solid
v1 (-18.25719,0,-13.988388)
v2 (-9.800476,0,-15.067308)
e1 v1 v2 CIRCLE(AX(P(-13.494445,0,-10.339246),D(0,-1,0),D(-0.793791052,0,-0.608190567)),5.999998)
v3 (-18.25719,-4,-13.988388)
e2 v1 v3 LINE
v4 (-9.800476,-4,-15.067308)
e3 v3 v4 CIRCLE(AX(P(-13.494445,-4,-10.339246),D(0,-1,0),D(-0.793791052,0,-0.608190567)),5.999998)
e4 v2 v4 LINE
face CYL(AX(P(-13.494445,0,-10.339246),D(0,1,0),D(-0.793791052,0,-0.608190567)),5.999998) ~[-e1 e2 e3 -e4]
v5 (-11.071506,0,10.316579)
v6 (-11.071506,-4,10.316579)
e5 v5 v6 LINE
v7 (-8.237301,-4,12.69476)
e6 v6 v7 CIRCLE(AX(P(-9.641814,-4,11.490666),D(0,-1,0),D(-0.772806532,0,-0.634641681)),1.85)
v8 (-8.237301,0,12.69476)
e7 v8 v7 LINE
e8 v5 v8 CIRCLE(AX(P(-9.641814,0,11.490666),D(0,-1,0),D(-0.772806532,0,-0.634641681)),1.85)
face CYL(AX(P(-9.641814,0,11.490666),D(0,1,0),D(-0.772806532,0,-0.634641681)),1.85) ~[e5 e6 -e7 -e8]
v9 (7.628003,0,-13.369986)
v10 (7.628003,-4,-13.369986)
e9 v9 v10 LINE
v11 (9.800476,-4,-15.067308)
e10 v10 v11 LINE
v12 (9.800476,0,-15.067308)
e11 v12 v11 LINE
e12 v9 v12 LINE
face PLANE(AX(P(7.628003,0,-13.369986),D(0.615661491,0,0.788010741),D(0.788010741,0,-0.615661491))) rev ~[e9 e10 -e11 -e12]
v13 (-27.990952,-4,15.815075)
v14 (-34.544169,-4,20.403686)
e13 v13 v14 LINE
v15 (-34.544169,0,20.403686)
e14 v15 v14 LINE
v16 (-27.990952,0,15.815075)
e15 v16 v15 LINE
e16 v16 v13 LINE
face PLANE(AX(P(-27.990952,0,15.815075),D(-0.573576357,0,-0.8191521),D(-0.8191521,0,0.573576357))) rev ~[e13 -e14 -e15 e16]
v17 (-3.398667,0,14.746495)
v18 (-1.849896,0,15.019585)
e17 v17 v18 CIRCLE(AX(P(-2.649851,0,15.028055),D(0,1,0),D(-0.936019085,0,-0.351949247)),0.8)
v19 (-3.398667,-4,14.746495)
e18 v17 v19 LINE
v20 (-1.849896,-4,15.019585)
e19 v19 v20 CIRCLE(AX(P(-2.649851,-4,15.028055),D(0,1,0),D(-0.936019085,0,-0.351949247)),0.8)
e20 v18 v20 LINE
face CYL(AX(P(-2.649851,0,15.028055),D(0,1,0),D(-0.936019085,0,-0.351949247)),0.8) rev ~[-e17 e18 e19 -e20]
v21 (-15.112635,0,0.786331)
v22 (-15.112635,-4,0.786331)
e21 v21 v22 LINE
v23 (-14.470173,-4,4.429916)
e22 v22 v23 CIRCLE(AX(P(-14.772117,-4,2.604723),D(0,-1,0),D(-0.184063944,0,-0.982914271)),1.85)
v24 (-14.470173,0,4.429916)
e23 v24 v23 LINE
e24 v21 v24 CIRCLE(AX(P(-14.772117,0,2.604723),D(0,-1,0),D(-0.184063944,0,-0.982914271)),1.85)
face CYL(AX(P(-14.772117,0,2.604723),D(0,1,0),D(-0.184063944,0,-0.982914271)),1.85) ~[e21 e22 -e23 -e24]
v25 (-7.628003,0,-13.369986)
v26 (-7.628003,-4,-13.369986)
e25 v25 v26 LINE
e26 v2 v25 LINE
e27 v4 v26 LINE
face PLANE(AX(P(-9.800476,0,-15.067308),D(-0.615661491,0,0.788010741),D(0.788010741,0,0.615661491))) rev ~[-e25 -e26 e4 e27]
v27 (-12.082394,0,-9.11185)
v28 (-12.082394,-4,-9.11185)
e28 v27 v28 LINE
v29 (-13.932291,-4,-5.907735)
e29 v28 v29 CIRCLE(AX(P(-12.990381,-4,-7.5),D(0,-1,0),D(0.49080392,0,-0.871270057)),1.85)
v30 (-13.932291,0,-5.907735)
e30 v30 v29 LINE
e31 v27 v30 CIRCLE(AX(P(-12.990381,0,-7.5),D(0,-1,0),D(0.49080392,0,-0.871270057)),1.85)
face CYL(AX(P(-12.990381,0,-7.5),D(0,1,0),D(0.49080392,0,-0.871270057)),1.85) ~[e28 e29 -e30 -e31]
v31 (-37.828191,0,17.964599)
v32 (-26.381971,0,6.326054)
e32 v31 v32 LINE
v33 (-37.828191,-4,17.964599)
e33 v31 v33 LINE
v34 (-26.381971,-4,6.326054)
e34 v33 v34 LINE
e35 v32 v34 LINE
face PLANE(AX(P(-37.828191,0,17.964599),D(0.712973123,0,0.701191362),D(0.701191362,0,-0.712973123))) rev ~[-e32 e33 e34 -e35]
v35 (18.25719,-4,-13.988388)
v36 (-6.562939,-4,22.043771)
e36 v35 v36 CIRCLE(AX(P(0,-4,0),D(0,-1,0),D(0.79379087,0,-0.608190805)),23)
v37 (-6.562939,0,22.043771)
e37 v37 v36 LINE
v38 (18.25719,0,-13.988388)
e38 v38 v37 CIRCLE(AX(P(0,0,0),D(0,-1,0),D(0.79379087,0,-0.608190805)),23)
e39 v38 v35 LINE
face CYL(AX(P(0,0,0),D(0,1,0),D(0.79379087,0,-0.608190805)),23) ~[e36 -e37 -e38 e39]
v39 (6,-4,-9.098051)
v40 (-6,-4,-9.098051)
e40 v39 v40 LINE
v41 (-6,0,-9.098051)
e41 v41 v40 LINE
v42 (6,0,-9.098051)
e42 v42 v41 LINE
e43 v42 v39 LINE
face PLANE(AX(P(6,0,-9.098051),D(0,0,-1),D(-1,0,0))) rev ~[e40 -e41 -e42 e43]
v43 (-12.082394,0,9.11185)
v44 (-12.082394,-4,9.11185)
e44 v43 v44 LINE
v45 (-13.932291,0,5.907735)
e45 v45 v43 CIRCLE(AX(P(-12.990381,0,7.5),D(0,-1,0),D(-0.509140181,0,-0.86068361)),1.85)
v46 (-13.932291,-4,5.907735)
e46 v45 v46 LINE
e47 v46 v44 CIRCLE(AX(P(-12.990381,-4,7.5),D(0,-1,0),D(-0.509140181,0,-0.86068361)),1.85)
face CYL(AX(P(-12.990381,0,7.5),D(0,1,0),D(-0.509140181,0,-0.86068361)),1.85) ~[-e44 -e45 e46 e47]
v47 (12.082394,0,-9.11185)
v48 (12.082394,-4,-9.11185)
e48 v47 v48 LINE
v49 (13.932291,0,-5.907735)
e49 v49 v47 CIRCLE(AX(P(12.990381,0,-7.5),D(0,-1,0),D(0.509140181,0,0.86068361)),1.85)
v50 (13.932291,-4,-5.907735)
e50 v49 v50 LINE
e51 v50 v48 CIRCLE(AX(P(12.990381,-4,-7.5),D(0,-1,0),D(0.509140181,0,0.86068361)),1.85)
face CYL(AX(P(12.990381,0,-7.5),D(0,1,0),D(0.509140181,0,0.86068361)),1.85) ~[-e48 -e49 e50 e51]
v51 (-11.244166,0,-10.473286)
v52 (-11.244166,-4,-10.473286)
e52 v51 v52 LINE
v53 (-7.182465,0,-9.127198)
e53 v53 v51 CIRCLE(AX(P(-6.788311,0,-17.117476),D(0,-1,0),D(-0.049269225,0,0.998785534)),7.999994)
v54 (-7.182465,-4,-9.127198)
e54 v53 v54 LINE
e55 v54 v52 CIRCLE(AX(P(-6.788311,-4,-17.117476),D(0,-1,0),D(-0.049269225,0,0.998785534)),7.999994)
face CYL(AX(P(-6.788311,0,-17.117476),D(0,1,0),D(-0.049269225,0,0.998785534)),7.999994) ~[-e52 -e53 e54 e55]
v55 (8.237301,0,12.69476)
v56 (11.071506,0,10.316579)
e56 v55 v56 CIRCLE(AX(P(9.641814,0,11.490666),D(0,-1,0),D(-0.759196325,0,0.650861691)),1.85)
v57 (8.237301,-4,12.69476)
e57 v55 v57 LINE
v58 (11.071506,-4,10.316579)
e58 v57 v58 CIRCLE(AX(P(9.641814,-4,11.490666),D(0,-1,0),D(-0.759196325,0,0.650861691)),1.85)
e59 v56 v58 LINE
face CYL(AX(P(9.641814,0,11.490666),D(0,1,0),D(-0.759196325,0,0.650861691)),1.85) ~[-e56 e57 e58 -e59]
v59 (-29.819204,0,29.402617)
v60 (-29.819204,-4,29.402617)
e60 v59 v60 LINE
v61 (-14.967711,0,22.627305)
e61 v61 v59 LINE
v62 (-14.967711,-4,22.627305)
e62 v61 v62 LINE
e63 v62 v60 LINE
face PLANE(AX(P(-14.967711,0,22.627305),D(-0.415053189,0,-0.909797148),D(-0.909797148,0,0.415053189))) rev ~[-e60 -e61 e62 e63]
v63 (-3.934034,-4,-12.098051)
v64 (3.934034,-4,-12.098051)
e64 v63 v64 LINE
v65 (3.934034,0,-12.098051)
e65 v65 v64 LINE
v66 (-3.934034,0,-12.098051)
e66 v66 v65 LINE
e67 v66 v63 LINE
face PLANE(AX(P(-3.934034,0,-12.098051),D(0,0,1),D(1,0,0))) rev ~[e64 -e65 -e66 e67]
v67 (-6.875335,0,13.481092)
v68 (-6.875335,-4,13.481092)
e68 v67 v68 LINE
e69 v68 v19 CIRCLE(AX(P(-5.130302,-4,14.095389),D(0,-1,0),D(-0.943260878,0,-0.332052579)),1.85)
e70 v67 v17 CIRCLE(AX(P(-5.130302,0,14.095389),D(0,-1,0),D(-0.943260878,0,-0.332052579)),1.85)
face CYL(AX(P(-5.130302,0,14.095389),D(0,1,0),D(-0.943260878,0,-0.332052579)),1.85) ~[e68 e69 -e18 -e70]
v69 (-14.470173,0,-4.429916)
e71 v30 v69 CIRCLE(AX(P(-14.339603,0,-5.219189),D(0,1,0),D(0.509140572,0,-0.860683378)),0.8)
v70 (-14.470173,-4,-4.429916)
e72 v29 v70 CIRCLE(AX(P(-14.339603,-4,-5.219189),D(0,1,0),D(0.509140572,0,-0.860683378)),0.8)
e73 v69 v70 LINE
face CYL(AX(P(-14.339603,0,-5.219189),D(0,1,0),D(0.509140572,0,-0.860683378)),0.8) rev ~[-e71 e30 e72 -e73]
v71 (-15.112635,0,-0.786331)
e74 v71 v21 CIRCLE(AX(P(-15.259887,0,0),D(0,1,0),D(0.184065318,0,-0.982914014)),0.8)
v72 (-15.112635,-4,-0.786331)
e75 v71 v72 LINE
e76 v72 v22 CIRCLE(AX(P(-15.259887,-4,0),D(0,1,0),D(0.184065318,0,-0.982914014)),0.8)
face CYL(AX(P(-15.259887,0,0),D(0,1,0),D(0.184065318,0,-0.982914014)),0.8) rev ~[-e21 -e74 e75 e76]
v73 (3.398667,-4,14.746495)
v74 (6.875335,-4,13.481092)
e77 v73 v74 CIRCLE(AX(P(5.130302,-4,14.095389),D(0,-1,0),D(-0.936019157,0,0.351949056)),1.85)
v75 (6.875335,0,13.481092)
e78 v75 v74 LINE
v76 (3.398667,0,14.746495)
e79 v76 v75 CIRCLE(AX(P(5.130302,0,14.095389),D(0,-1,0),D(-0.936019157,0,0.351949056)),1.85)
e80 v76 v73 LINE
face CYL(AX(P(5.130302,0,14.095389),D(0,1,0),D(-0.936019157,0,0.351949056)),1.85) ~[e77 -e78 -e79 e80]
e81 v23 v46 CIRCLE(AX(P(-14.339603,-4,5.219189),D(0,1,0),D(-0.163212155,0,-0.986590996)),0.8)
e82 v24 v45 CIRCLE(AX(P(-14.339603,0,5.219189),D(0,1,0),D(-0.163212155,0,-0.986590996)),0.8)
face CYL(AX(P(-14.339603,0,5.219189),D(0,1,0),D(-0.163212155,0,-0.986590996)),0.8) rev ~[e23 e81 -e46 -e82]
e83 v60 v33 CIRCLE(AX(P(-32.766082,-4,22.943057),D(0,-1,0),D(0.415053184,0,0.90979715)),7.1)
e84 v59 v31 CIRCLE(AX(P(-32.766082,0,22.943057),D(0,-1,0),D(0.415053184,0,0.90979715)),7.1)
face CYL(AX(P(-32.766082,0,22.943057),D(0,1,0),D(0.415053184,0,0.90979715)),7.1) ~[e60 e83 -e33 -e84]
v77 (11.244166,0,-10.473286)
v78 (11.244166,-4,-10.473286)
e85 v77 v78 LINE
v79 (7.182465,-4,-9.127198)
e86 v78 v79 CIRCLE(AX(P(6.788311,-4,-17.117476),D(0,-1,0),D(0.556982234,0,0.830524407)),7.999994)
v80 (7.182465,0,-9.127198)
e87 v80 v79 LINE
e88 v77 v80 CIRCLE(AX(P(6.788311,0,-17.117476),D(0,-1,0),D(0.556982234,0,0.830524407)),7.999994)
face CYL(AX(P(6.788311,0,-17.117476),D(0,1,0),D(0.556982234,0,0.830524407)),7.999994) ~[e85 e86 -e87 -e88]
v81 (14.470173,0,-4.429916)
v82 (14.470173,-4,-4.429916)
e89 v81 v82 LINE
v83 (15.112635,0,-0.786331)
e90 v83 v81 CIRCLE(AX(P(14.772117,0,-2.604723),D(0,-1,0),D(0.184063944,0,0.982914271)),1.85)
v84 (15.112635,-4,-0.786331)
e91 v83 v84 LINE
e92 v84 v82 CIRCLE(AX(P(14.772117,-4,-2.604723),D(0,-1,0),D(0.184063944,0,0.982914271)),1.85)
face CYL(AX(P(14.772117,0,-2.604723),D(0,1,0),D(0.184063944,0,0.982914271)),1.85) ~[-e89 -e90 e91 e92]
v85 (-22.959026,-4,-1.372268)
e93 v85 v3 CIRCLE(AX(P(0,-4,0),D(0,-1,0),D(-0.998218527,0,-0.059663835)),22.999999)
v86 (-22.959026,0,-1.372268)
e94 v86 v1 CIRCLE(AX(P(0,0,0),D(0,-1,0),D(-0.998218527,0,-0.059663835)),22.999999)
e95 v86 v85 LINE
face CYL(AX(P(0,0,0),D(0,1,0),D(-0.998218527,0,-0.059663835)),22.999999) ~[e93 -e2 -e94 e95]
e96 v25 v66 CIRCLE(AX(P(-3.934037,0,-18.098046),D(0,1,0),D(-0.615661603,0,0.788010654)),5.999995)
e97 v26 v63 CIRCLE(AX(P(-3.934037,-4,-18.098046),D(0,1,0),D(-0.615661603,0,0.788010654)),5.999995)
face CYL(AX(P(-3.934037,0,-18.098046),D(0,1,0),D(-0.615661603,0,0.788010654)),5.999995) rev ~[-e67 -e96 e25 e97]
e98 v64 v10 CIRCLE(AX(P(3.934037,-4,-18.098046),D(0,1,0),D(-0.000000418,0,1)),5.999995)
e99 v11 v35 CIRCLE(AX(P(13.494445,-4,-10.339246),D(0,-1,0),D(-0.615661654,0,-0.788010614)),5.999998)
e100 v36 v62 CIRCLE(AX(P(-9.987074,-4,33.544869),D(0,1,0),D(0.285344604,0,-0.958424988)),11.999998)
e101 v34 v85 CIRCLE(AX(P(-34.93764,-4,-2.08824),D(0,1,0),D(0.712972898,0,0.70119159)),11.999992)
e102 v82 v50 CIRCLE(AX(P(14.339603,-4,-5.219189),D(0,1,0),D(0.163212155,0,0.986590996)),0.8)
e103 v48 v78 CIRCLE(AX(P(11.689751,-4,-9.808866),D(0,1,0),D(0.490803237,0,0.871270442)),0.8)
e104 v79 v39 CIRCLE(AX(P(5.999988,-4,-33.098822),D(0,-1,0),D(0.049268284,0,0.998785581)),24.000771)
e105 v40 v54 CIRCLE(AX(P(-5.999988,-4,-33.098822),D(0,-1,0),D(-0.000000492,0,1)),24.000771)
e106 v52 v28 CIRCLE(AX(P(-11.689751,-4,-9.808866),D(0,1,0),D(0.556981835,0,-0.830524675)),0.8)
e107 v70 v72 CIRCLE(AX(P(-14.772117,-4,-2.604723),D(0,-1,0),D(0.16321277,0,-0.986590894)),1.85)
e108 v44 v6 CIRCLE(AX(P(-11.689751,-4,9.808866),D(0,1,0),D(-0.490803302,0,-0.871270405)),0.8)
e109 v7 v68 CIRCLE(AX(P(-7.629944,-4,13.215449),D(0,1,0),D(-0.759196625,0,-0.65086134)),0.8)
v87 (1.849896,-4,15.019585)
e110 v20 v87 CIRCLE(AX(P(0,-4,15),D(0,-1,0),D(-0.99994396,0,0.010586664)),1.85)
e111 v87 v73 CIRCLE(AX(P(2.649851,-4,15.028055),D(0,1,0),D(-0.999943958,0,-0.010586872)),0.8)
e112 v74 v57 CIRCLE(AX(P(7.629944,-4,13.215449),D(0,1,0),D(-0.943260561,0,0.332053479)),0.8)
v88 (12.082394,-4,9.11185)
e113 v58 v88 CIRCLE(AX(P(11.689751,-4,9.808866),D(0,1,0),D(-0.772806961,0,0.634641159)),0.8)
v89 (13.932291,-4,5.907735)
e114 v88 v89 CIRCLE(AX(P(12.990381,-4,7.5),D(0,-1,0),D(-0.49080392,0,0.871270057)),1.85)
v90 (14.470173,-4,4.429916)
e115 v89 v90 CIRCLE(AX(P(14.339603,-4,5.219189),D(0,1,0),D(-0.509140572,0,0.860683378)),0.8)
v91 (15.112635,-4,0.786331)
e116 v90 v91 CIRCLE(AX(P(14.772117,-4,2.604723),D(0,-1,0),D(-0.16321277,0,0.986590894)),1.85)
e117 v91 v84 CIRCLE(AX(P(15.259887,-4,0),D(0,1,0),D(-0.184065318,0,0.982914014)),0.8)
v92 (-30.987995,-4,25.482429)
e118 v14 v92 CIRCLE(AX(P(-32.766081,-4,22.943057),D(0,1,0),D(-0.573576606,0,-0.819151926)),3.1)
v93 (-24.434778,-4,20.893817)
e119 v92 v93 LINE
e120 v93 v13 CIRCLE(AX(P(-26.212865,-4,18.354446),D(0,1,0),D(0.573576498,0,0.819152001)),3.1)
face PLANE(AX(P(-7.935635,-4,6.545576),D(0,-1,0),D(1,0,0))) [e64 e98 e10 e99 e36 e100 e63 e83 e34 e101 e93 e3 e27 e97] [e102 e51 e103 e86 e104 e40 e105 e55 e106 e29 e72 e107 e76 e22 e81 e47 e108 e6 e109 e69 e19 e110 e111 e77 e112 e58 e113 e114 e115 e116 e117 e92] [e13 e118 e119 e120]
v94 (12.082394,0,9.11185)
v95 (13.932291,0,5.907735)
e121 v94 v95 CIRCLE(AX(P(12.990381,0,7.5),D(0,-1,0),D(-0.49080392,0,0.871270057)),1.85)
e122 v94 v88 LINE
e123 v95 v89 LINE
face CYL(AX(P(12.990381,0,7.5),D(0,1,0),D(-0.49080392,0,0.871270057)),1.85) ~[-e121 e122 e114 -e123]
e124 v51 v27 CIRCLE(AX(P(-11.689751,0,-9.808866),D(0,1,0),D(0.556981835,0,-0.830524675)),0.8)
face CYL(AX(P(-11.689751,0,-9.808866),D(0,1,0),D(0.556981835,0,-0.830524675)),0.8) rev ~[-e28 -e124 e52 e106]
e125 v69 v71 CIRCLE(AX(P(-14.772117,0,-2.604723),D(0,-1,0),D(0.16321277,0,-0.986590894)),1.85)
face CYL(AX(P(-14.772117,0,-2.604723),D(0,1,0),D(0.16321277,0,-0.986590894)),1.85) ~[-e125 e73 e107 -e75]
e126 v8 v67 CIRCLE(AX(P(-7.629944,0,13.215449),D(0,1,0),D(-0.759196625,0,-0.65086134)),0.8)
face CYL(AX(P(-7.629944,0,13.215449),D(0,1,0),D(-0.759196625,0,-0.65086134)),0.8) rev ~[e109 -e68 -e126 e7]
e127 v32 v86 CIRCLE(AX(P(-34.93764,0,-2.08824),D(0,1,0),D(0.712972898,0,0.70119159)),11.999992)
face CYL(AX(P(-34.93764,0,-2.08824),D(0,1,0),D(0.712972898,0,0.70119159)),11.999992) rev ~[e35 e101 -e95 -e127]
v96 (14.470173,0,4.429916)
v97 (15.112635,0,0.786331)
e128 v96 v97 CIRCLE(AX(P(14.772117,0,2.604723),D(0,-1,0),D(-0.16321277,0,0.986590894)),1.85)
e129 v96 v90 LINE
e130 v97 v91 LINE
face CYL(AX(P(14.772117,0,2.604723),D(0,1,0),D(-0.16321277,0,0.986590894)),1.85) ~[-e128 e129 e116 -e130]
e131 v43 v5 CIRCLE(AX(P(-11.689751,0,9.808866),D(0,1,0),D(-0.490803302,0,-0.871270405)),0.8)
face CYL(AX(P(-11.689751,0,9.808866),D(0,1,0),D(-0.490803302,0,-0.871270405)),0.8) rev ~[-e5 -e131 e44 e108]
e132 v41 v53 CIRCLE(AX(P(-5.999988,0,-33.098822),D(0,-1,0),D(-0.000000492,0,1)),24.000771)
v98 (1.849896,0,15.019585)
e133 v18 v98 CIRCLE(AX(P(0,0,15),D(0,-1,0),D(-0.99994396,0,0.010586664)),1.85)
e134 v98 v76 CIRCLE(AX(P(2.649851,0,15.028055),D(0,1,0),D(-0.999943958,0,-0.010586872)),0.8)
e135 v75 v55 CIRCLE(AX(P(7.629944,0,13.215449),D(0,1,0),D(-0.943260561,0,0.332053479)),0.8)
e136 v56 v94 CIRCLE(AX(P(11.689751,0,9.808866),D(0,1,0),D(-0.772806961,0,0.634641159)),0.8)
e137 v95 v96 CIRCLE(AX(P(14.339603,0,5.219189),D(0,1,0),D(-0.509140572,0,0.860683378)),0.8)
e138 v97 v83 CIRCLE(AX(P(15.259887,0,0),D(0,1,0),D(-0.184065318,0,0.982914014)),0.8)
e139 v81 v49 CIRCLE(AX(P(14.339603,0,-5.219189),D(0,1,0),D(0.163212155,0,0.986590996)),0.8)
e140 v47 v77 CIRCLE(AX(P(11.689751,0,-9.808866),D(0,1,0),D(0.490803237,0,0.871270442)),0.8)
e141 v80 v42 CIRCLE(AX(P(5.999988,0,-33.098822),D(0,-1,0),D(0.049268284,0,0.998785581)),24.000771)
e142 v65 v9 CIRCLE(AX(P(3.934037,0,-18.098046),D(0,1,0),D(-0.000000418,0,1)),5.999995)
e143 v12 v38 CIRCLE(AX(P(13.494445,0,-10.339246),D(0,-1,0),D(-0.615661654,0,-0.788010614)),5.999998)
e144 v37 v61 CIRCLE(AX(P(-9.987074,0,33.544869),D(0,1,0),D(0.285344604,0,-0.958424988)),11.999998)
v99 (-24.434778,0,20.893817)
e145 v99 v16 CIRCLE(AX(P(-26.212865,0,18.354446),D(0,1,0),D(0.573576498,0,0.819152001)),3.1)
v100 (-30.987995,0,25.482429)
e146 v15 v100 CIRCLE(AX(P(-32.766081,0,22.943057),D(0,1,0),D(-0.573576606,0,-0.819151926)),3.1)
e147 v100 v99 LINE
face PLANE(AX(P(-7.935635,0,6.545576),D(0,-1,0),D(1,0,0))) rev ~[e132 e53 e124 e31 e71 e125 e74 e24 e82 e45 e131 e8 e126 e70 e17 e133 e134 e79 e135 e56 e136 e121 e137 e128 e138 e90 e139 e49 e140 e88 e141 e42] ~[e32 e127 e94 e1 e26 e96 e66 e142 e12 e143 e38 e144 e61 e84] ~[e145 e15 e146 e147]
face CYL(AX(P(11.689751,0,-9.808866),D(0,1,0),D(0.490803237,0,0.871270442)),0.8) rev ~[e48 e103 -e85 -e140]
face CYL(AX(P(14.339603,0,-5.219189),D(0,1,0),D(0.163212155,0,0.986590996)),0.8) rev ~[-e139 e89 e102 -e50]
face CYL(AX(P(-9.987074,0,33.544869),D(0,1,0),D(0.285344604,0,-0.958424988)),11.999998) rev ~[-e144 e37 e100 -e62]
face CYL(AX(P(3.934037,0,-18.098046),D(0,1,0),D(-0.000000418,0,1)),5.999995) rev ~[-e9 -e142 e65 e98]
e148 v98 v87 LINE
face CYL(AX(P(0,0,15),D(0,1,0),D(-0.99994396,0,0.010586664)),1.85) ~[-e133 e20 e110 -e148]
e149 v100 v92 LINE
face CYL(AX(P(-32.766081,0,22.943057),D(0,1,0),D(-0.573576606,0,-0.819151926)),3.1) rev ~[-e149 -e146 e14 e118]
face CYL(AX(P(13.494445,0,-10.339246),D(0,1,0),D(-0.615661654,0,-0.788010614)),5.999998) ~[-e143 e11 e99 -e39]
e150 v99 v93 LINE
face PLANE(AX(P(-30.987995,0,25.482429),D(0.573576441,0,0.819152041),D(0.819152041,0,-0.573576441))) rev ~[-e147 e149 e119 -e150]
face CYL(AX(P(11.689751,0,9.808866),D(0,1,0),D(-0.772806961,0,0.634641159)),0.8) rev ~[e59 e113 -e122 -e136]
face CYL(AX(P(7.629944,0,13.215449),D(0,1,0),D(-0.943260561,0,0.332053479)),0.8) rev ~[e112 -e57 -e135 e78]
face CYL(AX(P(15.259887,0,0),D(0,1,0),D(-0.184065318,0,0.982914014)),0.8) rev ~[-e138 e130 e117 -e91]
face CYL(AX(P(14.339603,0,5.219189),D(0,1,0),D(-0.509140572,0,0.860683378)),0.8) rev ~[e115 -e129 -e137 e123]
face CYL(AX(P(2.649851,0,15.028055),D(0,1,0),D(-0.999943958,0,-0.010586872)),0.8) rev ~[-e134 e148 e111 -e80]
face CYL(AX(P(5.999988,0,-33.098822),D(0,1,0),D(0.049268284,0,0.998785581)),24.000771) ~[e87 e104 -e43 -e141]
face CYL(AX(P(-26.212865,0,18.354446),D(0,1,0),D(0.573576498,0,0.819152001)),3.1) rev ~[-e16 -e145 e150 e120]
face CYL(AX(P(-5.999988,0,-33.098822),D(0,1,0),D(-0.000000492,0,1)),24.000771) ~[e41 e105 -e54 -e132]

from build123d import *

# Parameters (mm, degrees)
F1_DEPTH = 4


with BuildPart() as f1:
    # F0 (on Front) → F1 (new body)
    with BuildSketch(Plane.XZ):
        with BuildLine():
            ThreePointArc((-26.381971, 6.326054), (-23.972685, 2.787165), (-22.959026, -1.372268))
            ThreePointArc((-22.959026, -1.372268), (-21.551931, -8.032077), (-18.25719, -13.988388))
            ThreePointArc((-18.25719, -13.988388), (-14.253779, -16.291001), (-9.800476, -15.067308))
            Line((-9.800476, -15.067308), (-7.628003, -13.369986))
            ThreePointArc((-7.628003, -13.369986), (-5.887443, -12.424939), (-3.934034, -12.098051))
            Line((-3.934034, -12.098051), (3.934034, -12.098051))
            ThreePointArc((3.934034, -12.098051), (5.887443, -12.424939), (7.628003, -13.369986))
            Line((7.628003, -13.369986), (9.800476, -15.067308))
            ThreePointArc((9.800476, -15.067308), (14.253779, -16.291001), (18.25719, -13.988388))
            ThreePointArc((18.25719, -13.988388), (18.941172, 13.047299), (-6.562939, 22.043771))
            ThreePointArc((-6.562939, 22.043771), (-10.818219, 21.573689), (-14.967711, 22.627305))
            Line((-14.967711, 22.627305), (-29.819204, 29.402617))
            ThreePointArc((-29.819204, 29.402617), (-38.582061, 27.01545), (-37.828191, 17.964599))
            Line((-37.828191, 17.964599), (-26.381971, 6.326054))
        make_face()
        with BuildLine():
            ThreePointArc((11.244166, -10.473286), (9.304982, -9.523645), (7.182465, -9.127198))
            ThreePointArc((7.182465, -9.127198), (6.591412, -9.105339), (6, -9.098051))
            Line((6, -9.098051), (-6, -9.098051))
            ThreePointArc((-6, -9.098051), (-6.591412, -9.105339), (-7.182465, -9.127198))
            ThreePointArc((-7.182465, -9.127198), (-9.304982, -9.523645), (-11.244166, -10.473286))
            ThreePointArc((-11.244166, -10.473286), (-12.370984, -10.228297), (-12.082394, -9.11185))
            ThreePointArc((-12.082394, -9.11185), (-11.388234, -6.575), (-13.932291, -5.907735))
            ThreePointArc((-13.932291, -5.907735), (-15.091357, -5.492805), (-14.470173, -4.429916))
            ThreePointArc((-14.470173, -4.429916), (-12.950222, -2.283474), (-15.112635, -0.786331))
            ThreePointArc((-15.112635, -0.786331), (-16.059887, 0), (-15.112635, 0.786331))
            ThreePointArc((-15.112635, 0.786331), (-12.950222, 2.283474), (-14.470173, 4.429916))
            ThreePointArc((-14.470173, 4.429916), (-15.091357, 5.492805), (-13.932291, 5.907735))
            ThreePointArc((-13.932291, 5.907735), (-11.388234, 6.575), (-12.082394, 9.11185))
            ThreePointArc((-12.082394, 9.11185), (-12.302587, 10.323096), (-11.071506, 10.316579))
            ThreePointArc((-11.071506, 10.316579), (-8.452657, 10.073484), (-8.237301, 12.69476))
            ThreePointArc((-8.237301, 12.69476), (-8.029943, 13.90827), (-6.875335, 13.481092))
            ThreePointArc((-6.875335, 13.481092), (-4.497565, 12.356958), (-3.398667, 14.746495))
            ThreePointArc((-3.398667, 14.746495), (-2.78877, 15.815901), (-1.849896, 15.019585))
            ThreePointArc((-1.849896, 15.019585), (0, 13.15), (1.849896, 15.019585))
            ThreePointArc((1.849896, 15.019585), (2.78877, 15.815901), (3.398667, 14.746495))
            ThreePointArc((3.398667, 14.746495), (4.497565, 12.356958), (6.875335, 13.481092))
            ThreePointArc((6.875335, 13.481092), (8.029943, 13.90827), (8.237301, 12.69476))
            ThreePointArc((8.237301, 12.69476), (8.452657, 10.073484), (11.071506, 10.316579))
            ThreePointArc((11.071506, 10.316579), (12.302587, 10.323096), (12.082394, 9.11185))
            ThreePointArc((12.082394, 9.11185), (11.388234, 6.575), (13.932291, 5.907735))
            ThreePointArc((13.932291, 5.907735), (15.091357, 5.492805), (14.470173, 4.429916))
            ThreePointArc((14.470173, 4.429916), (12.950222, 2.283474), (15.112635, 0.786331))
            ThreePointArc((15.112635, 0.786331), (16.059887, 0), (15.112635, -0.786331))
            ThreePointArc((15.112635, -0.786331), (12.950222, -2.283474), (14.470173, -4.429916))
            ThreePointArc((14.470173, -4.429916), (15.091357, -5.492805), (13.932291, -5.907735))
            ThreePointArc((13.932291, -5.907735), (11.388234, -6.575), (12.082394, -9.11185))
            ThreePointArc((12.082394, -9.11185), (12.370984, -10.228297), (11.244166, -10.473286))
        make_face(mode=Mode.SUBTRACT)
        with BuildLine():
            ThreePointArc((-34.544169, 20.403686), (-35.305453, 24.721144), (-30.987995, 25.482429))
            Line((-30.987995, 25.482429), (-24.434778, 20.893817))
            ThreePointArc((-24.434778, 20.893817), (-23.673494, 16.576359), (-27.990952, 15.815075))
            Line((-27.990952, 15.815075), (-34.544169, 20.403686))
        make_face(mode=Mode.SUBTRACT)
    extrude(amount=F1_DEPTH)


solid = f1.part
